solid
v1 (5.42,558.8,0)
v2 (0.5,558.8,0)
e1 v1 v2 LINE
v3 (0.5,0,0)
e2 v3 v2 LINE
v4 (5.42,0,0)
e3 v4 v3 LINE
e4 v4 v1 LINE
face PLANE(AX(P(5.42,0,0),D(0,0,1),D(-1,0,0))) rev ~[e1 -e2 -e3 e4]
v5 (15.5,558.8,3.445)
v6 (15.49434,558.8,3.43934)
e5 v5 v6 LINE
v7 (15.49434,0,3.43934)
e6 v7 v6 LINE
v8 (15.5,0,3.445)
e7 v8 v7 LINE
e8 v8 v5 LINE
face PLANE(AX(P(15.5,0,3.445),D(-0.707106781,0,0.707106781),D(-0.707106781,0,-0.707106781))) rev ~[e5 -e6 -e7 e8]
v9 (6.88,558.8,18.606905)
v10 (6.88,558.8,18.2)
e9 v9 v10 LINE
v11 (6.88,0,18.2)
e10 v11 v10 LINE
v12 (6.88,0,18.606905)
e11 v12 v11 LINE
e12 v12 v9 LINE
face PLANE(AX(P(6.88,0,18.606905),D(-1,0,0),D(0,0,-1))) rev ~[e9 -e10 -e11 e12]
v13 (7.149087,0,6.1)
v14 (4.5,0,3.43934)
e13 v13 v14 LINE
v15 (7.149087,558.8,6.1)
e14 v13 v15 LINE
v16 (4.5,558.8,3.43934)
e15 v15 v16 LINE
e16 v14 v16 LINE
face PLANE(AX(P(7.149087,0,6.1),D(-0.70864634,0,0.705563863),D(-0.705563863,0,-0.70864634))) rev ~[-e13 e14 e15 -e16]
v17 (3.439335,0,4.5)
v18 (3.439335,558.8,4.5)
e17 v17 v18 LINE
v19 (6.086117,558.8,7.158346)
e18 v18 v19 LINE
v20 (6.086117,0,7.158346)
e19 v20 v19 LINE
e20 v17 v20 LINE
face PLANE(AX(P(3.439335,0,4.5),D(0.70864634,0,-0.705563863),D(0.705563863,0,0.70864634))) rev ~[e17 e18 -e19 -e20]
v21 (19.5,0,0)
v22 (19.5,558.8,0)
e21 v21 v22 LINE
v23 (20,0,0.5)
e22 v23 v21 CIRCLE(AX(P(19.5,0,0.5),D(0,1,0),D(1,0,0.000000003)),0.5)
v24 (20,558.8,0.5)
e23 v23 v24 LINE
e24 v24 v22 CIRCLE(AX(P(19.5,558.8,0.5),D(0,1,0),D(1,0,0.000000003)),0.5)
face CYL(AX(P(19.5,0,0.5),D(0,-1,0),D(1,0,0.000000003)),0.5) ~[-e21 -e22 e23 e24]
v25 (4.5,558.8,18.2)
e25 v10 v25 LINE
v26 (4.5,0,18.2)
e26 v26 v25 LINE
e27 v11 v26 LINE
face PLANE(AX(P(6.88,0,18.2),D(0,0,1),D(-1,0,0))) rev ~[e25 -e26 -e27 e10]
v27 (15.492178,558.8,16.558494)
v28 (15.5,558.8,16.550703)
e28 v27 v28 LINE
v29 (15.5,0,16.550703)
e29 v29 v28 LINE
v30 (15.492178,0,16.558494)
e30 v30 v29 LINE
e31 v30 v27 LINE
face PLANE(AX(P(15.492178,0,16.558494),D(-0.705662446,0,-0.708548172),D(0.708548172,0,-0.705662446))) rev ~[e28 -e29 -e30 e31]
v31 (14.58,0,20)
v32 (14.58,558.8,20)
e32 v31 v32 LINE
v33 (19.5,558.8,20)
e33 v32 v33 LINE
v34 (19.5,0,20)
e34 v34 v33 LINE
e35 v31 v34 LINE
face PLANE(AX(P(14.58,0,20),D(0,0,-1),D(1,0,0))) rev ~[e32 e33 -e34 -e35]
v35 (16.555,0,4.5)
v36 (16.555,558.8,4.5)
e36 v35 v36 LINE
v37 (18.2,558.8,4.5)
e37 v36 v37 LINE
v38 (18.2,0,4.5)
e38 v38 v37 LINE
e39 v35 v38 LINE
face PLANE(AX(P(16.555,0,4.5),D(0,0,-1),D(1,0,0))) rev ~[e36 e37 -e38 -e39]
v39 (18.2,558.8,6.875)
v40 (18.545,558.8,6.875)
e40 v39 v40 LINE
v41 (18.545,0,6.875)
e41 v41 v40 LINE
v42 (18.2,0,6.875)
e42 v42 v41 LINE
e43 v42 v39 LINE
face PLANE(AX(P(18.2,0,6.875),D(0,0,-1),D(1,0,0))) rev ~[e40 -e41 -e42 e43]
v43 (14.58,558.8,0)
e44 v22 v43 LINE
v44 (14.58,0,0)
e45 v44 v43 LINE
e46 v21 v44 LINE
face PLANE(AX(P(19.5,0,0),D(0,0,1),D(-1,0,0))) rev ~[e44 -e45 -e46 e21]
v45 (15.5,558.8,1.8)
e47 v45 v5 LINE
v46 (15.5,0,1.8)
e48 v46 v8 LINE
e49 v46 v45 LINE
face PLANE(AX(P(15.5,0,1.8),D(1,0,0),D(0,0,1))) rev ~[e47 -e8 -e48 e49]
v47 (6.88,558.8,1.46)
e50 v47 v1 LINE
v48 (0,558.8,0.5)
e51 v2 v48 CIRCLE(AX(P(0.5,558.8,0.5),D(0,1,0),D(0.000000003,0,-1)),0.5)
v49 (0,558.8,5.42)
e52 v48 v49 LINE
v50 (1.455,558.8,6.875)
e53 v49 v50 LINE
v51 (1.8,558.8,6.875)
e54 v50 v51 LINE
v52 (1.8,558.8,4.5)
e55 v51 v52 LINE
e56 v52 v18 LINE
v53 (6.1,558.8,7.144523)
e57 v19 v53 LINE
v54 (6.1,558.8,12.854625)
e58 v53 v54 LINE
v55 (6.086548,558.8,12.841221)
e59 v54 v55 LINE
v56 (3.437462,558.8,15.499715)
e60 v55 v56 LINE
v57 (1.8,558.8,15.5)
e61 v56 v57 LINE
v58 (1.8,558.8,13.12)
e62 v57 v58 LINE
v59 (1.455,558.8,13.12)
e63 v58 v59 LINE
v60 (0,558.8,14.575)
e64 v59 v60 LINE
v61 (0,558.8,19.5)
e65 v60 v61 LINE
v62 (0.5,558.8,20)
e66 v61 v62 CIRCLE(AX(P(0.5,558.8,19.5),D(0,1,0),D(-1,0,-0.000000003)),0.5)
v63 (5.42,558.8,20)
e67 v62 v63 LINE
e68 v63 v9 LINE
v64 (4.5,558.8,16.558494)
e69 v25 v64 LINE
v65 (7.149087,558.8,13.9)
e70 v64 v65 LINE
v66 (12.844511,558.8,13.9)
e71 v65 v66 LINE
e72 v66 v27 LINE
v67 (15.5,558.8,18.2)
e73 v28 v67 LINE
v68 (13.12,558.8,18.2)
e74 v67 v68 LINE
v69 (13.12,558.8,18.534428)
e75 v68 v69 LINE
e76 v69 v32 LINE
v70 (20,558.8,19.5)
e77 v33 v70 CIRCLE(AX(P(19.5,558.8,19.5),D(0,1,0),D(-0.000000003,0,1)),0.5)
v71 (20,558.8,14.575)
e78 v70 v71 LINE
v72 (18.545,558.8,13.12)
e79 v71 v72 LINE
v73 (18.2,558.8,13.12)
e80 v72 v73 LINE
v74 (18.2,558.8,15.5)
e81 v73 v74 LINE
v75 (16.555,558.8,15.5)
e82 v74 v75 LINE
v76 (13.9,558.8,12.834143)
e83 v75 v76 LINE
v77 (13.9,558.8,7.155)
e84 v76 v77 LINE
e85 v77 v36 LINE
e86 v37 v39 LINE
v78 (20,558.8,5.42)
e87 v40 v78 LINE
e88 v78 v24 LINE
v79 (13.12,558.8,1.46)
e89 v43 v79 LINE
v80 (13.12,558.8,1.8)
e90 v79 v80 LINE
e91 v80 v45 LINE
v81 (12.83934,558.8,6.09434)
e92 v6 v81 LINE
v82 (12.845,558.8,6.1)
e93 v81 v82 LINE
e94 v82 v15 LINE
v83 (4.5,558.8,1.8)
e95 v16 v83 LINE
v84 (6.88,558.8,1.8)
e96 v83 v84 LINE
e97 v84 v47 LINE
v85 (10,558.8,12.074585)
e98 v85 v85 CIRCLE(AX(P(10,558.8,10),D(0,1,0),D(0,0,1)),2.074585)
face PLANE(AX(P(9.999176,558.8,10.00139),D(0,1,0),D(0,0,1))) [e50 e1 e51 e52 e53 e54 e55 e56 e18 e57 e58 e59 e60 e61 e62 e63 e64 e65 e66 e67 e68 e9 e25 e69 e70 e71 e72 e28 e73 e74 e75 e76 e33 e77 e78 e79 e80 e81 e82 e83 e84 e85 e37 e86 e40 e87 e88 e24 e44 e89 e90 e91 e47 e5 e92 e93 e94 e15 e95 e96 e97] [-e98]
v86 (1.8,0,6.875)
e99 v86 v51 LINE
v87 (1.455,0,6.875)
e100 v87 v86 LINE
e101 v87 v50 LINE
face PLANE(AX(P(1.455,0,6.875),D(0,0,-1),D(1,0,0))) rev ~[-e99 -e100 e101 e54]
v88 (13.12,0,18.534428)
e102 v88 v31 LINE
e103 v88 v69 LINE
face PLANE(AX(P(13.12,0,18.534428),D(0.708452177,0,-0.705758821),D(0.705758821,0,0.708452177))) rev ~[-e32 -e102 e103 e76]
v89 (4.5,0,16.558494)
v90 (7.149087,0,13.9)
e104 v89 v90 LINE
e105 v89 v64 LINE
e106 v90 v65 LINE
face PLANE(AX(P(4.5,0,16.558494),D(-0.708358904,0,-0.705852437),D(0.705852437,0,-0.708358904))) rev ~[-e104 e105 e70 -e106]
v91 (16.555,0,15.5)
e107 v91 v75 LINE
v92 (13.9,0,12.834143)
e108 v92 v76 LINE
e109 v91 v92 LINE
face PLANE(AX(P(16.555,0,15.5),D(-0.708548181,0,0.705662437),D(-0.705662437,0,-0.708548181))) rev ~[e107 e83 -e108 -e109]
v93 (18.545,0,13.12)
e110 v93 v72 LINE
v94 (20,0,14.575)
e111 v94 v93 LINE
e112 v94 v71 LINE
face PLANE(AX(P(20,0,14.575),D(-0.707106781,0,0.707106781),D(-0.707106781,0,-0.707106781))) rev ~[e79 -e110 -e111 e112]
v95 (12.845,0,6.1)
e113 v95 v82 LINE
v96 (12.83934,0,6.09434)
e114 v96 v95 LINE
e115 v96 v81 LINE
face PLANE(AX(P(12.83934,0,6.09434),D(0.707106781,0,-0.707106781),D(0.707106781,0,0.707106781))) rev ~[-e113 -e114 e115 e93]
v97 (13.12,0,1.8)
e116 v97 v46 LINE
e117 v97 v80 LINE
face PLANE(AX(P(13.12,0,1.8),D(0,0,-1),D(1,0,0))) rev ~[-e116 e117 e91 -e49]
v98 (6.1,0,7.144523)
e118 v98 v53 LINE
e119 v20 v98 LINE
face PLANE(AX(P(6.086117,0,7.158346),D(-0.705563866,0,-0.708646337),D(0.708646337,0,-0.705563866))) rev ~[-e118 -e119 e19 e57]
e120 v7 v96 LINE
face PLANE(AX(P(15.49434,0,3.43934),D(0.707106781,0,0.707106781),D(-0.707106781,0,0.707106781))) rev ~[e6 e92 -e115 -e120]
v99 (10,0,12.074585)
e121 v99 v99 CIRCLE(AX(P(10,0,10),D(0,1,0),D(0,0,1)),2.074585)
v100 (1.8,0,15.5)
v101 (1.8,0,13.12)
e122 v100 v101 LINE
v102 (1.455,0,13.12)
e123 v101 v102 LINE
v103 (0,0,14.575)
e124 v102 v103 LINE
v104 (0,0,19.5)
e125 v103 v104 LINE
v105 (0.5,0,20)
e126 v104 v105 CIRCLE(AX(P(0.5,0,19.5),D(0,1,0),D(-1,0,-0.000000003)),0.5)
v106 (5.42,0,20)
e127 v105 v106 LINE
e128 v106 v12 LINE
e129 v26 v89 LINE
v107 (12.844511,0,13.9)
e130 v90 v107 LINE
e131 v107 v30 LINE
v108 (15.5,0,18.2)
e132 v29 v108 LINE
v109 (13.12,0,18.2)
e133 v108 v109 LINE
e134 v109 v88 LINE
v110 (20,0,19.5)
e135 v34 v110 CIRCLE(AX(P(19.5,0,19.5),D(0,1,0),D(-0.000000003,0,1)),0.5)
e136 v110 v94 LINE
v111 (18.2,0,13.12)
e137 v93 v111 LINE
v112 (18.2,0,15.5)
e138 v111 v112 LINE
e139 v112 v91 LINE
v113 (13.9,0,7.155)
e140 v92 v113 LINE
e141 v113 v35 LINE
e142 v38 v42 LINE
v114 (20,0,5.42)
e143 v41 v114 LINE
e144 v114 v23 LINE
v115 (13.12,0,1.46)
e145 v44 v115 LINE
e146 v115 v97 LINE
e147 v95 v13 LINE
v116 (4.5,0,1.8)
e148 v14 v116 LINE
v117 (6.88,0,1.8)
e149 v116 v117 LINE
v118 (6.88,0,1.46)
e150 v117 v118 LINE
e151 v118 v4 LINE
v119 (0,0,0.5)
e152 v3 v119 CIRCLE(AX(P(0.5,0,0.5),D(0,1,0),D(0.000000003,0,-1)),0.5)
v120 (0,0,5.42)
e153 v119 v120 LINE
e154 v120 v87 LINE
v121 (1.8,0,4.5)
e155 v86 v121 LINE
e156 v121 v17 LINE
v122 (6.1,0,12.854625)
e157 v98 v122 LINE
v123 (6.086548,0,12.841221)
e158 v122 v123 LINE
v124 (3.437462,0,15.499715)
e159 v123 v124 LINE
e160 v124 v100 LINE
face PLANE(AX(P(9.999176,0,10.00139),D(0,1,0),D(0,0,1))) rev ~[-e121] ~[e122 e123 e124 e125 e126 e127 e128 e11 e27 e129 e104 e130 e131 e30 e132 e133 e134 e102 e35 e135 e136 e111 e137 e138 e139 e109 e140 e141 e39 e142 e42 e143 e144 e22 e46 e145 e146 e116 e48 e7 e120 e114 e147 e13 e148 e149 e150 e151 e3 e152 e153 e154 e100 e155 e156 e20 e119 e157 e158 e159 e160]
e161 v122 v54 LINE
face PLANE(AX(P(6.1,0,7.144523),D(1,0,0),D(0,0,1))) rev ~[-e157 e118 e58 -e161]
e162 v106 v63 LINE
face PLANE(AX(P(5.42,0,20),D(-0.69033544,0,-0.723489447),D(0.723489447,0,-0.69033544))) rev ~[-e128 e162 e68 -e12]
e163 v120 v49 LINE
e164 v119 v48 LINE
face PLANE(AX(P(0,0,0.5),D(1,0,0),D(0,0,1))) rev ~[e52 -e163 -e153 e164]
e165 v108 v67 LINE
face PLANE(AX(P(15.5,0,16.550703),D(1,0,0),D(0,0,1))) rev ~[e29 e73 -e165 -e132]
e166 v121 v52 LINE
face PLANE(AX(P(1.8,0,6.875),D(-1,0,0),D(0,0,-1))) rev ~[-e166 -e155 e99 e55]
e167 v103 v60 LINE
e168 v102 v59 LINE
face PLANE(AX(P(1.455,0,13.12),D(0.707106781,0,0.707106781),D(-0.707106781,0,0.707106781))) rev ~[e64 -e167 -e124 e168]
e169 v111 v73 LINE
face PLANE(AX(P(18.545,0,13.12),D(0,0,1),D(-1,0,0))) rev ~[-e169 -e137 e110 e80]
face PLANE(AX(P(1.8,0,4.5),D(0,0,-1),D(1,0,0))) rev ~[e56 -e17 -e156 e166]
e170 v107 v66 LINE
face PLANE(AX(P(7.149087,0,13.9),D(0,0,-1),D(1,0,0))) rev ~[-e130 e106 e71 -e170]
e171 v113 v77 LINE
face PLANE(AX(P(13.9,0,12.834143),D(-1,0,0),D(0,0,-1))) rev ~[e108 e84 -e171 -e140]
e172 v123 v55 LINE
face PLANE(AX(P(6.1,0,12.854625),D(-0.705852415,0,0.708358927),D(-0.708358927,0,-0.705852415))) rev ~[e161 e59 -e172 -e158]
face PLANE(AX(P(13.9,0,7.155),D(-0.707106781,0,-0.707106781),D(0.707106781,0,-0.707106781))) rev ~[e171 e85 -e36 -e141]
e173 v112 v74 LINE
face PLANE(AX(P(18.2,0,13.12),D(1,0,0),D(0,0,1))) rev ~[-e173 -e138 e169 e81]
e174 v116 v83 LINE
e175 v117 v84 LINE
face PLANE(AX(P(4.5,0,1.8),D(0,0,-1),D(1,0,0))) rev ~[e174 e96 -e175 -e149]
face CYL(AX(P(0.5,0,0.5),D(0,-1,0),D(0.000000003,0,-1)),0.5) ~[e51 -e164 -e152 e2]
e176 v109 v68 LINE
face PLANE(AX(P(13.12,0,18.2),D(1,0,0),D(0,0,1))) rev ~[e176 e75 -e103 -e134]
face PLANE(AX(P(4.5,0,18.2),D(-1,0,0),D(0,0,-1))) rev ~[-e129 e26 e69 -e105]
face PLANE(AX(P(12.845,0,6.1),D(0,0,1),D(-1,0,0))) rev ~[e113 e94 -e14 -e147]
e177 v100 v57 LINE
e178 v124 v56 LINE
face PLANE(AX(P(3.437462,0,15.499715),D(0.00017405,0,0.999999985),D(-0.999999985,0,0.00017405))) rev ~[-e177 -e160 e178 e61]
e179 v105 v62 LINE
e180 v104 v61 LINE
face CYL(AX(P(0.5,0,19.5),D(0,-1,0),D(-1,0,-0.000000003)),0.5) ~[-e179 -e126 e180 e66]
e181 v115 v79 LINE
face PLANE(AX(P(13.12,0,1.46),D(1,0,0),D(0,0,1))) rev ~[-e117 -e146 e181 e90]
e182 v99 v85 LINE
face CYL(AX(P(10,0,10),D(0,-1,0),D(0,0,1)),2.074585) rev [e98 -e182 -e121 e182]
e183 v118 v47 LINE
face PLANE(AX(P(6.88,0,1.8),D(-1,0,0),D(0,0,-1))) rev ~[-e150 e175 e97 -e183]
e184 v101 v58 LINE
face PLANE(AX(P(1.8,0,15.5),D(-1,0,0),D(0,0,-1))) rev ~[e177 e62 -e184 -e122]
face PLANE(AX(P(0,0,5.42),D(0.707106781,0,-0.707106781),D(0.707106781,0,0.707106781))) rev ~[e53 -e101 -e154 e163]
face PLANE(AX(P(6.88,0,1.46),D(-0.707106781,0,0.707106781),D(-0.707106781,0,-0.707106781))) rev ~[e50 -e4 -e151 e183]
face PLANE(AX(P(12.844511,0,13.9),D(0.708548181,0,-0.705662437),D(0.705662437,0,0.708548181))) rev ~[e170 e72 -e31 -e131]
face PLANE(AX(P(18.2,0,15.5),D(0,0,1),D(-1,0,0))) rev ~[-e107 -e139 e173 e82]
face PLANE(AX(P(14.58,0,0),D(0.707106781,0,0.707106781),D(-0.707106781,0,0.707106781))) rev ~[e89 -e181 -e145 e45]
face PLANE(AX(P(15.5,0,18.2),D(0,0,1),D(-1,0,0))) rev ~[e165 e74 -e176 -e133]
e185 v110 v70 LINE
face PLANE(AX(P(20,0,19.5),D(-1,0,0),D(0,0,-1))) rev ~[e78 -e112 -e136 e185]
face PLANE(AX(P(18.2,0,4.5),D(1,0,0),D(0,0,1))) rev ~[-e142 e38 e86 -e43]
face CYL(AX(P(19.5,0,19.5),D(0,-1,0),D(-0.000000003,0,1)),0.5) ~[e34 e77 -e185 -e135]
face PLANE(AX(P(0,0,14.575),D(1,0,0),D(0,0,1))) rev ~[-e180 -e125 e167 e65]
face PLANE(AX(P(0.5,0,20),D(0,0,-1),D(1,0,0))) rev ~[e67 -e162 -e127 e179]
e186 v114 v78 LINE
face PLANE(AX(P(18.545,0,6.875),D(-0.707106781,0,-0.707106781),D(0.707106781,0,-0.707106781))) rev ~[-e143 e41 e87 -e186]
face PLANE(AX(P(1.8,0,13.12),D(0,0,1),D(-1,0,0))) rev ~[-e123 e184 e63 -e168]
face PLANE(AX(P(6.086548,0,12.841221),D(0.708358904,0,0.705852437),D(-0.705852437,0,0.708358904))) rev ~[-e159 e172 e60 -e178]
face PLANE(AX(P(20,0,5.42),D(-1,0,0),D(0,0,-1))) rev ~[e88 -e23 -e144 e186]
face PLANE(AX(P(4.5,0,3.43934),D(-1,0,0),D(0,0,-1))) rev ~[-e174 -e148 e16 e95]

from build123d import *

# Parameters (mm, degrees)
SKETCH2_R              = 2.074585303
VSLOT2020_2020_5_DEPTH = 558.8


with BuildPart() as part:
    # Sketch2 → Vslot2020 2020(5) (new body)
    with BuildSketch(Plane.ZX):
        with BuildLine():
            Line((13.9, 7.149086807), (13.9, 12.844511469))
            Line((13.9, 12.844511469), (16.558493656, 15.492177728))
            Line((16.558493656, 15.492177728), (16.550703242, 15.5))
            Line((16.550703242, 15.5), (18.2, 15.5))
            Line((18.2, 15.5), (18.2, 13.12))
            Line((18.2, 13.12), (18.534428266, 13.12))
            Line((18.534428266, 13.12), (20, 14.58))
            Line((20, 14.58), (20, 19.5))
            ThreePointArc((20, 19.5), (19.853553391, 19.853553391), (19.5, 20))
            Line((19.5, 20), (14.575, 20))
            Line((14.575, 20), (13.12, 18.545))
            Line((13.12, 18.545), (13.12, 18.2))
            Line((13.12, 18.2), (15.5, 18.2))
            Line((15.5, 18.2), (15.5, 16.555))
            Line((15.5, 16.555), (12.834142613, 13.9))
            Line((12.834142613, 13.9), (7.155, 13.9))
            Line((7.155, 13.9), (4.5, 16.555))
            Line((4.5, 16.555), (4.5, 18.2))
            Line((4.5, 18.2), (6.875, 18.2))
            Line((6.875, 18.2), (6.875, 18.545))
            Line((6.875, 18.545), (5.42, 20))
            Line((5.42, 20), (0.5, 20))
            ThreePointArc((0.5, 20), (0.146446609, 19.853553391), (0, 19.5))
            Line((0, 19.5), (0, 14.58))
            Line((0, 14.58), (1.46, 13.12))
            Line((1.46, 13.12), (1.8, 13.12))
            Line((1.8, 13.12), (1.8, 15.5))
            Line((1.8, 15.5), (3.445, 15.5))
            Line((3.445, 15.5), (3.439339828, 15.494339828))
            Line((3.439339828, 15.494339828), (6.094339828, 12.839339828))
            Line((6.094339828, 12.839339828), (6.1, 12.845))
            Line((6.1, 12.845), (6.1, 7.149086807))
            Line((6.1, 7.149086807), (3.439339828, 4.5))
            Line((3.439339828, 4.5), (1.8, 4.5))
            Line((1.8, 4.5), (1.8, 6.88))
            Line((1.8, 6.88), (1.46, 6.88))
            Line((1.46, 6.88), (0, 5.42))
            Line((0, 5.42), (0, 0.5))
            ThreePointArc((0, 0.5), (0.146446609, 0.146446609), (0.5, 0))
            Line((0.5, 0), (5.42, 0))
            Line((5.42, 0), (6.875, 1.455))
            Line((6.875, 1.455), (6.875, 1.8))
            Line((6.875, 1.8), (4.5, 1.8))
            Line((4.5, 1.8), (4.5, 3.4393348))
            Line((4.5, 3.4393348), (7.158345795, 6.086117297))
            Line((7.158345795, 6.086117297), (7.144523479, 6.1))
            Line((7.144523479, 6.1), (12.854625295, 6.1))
            Line((12.854625295, 6.1), (12.841221344, 6.086548451))
            Line((12.841221344, 6.086548451), (15.499715, 3.437461644))
            Line((15.499715, 3.437461644), (15.5, 1.8))
            Line((15.5, 1.8), (13.12, 1.8))
            Line((13.12, 1.8), (13.12, 1.455))
            Line((13.12, 1.455), (14.575, 0))
            Line((14.575, 0), (19.5, 0))
            ThreePointArc((19.5, 0), (19.853553391, 0.146446609), (20, 0.5))
            Line((20, 0.5), (20, 5.42))
            Line((20, 5.42), (18.606904708, 6.88))
            Line((18.606904708, 6.88), (18.2, 6.88))
            Line((18.2, 6.88), (18.2, 4.5))
            Line((18.2, 4.5), (16.558493656, 4.5))
            Line((16.558493656, 4.5), (13.9, 7.149086807))
        make_face()
        with Locations((10, 10)):
            Circle(SKETCH2_R, mode=Mode.SUBTRACT)
    extrude(amount=VSLOT2020_2020_5_DEPTH)


solid = part.part
